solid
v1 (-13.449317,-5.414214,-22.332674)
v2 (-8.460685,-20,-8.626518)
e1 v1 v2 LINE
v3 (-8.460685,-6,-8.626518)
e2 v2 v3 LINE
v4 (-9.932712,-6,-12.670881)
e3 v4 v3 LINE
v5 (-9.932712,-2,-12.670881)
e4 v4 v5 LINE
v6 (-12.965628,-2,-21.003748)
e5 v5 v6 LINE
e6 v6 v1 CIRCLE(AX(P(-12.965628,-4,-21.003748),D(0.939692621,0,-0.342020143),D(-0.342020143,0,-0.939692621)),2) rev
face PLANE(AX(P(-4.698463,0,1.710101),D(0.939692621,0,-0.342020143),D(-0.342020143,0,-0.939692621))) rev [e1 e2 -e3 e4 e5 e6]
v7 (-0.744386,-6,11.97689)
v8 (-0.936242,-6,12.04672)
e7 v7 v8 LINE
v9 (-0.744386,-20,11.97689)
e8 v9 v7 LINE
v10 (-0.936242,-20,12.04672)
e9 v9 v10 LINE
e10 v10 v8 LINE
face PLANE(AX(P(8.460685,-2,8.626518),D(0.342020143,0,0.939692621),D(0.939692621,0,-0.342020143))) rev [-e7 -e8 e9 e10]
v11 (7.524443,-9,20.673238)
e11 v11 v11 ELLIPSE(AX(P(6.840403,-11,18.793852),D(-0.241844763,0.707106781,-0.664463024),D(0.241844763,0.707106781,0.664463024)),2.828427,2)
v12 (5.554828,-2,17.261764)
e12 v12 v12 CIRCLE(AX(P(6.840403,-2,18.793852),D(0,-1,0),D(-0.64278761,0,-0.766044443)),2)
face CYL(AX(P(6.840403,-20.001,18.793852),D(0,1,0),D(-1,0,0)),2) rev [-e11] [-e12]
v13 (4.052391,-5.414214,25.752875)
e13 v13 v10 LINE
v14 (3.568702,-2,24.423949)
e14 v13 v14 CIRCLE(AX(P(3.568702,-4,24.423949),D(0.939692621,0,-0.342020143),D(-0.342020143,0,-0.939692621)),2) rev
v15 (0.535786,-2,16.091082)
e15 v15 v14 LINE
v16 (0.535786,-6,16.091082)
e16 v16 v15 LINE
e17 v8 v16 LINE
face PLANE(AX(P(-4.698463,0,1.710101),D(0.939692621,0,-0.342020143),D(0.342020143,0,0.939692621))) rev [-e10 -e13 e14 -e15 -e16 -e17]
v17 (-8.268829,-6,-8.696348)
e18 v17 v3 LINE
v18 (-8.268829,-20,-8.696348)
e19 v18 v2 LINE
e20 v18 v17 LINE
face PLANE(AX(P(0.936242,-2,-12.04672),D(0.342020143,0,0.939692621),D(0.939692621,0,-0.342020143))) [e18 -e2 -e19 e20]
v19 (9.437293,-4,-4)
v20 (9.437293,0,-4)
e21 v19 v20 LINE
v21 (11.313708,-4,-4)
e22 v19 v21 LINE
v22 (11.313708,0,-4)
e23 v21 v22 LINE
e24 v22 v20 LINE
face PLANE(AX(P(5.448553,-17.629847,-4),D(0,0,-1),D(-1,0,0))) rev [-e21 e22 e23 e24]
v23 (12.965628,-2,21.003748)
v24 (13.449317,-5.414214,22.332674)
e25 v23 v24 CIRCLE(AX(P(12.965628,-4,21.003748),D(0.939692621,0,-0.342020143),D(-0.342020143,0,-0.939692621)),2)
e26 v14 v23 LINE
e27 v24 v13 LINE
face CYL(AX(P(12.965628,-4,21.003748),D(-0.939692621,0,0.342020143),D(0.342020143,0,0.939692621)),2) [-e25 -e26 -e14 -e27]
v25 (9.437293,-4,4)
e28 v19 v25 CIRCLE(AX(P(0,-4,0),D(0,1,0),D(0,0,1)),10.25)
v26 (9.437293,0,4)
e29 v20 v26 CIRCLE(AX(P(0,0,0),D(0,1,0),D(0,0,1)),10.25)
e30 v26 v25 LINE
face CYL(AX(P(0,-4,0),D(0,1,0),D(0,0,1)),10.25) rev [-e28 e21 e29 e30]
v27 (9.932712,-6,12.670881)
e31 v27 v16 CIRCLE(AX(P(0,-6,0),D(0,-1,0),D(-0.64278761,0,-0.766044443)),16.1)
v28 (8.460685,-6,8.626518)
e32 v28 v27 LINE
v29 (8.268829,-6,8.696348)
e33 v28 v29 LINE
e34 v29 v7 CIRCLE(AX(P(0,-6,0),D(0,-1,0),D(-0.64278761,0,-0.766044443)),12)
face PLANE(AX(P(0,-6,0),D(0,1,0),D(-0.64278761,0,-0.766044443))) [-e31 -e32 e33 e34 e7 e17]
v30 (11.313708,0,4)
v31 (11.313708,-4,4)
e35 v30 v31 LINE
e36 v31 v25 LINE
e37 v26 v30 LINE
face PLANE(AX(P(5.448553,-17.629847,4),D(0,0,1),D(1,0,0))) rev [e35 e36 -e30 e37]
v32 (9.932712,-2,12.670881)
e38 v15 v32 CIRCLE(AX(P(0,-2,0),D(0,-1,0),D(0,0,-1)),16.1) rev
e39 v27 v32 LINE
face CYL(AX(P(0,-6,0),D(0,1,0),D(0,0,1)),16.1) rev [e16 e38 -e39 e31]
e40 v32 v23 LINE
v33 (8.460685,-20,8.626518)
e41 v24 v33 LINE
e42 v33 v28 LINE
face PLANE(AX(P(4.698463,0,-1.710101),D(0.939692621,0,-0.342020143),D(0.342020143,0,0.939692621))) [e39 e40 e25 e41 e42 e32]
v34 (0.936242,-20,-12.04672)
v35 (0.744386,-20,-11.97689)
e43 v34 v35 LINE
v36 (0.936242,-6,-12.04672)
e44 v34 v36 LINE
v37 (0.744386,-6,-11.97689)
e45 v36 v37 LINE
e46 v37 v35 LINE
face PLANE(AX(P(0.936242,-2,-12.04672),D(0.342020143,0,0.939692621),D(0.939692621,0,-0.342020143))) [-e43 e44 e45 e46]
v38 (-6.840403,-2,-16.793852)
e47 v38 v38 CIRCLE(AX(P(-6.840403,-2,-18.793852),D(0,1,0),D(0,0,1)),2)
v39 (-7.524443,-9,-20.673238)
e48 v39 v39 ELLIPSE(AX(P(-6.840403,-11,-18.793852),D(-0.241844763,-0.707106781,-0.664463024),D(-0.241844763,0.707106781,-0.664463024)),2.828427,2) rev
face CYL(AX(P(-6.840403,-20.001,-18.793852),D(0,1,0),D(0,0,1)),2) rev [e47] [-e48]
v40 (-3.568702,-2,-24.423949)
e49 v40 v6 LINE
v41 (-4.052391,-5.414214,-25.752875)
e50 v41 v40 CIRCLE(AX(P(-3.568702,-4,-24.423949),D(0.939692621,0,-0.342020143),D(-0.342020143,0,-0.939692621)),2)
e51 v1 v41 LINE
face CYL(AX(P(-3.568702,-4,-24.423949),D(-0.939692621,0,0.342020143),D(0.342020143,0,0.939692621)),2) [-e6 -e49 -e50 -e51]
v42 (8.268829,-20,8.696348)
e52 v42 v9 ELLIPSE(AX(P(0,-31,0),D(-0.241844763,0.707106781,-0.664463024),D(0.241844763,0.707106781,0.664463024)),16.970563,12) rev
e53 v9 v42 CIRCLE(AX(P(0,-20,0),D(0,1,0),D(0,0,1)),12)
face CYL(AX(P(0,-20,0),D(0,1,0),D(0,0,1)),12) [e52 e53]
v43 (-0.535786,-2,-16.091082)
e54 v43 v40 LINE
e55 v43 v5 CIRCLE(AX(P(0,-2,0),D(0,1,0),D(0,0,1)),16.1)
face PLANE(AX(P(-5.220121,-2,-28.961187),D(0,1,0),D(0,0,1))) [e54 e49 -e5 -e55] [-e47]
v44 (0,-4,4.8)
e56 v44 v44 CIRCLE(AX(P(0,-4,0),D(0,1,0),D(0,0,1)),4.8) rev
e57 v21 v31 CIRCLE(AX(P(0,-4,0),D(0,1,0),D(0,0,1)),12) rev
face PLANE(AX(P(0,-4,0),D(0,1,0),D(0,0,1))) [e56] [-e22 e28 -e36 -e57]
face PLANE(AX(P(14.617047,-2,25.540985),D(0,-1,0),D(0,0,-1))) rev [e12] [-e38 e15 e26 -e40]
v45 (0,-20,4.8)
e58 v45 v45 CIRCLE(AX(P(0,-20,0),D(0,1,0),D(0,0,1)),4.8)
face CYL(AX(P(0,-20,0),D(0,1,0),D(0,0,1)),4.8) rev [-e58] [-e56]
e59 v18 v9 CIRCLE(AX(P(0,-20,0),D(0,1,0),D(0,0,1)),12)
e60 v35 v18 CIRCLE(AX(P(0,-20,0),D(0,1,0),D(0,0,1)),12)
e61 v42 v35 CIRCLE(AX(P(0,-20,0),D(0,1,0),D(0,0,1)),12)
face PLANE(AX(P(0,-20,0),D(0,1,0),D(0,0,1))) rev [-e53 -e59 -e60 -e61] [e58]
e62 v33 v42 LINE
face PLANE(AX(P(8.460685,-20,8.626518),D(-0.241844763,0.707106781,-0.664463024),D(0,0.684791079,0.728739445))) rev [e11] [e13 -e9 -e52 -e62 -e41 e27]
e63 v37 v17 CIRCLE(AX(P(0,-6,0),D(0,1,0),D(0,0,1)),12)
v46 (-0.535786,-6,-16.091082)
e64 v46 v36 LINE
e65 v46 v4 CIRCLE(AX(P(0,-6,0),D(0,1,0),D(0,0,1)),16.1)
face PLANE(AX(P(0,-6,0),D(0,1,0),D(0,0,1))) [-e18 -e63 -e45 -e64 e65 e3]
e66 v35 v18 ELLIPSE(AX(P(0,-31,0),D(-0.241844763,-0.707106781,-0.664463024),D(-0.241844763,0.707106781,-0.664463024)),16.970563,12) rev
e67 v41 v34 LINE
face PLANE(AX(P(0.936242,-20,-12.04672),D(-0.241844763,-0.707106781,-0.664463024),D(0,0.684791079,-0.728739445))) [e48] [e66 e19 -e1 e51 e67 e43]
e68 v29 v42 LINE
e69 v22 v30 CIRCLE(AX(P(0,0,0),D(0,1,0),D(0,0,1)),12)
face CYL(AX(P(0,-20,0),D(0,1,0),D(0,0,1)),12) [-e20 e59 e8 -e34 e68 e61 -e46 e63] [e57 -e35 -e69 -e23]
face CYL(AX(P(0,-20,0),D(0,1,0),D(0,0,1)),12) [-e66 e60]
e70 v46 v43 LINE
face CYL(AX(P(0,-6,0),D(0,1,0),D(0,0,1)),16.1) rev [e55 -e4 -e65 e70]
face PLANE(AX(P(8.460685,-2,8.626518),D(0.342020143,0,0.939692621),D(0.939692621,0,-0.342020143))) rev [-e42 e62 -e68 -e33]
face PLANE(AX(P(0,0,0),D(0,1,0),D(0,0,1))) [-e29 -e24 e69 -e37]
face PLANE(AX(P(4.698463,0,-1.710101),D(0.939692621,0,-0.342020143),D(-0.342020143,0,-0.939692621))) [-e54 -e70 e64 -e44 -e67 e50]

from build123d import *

# Parameters (mm, degrees)
SKETCH1_R            = 12
SKETCH1_R_2          = 4.8
BOSS_EXTRUDE2_DEPTH  = 20
SKETCH1_3_R          = 4.8
CUT_EXTRUDE2_DEPTH   = 27.229754097
SKETCH3_R            = 10.25
CUT_EXTRUDE3_DEPTH   = 4
SKETCH5_W            = 11.035067707
SKETCH5_H            = 8
CUT_EXTRUDE5_DEPTH   = 4
BOSS_EXTRUDE3_DEPTH  = 5
SKETCH7_R            = 16.1
SKETCH7_R_2          = 12
CUT_EXTRUDE6_DEPTH   = 6
CUT_EXTRUDE7_REACH   = 39.1
SKETCH9_R            = 2
FILLET1_R            = 2
FILLET1_OF_MIRROR1_R = 2


with BuildPart() as part:
    # Sketch1 → Boss-Extrude2 (new body)
    # profile 1 of 2: a face of its own
    with BuildSketch(Plane(origin=(0, 0, 0), x_dir=(1, 0, 0), z_dir=(0, 1, 0))):
        with Locations(Location((0, 0, 0), (0, 0, 270))):
            Circle(SKETCH1_R)
        Circle(SKETCH1_R_2, mode=Mode.SUBTRACT)
    # profile 2 of 2: a face of its own
    with BuildSketch(Plane(origin=(0, 0, 0), x_dir=(1, 0, 0), z_dir=(0, 1, 0))):
        Circle(SKETCH1_R_2)
    extrude(amount=-BOSS_EXTRUDE2_DEPTH)

    # Sketch1<3> → Cut-Extrude2 (cut, through all)
    with BuildSketch(Plane(origin=(0, 0, 0), x_dir=(1, 0, 0), z_dir=(0, 1, 0))):
        with Locations(Location((0, 0, 0), (0, 0, 270))):
            Circle(SKETCH1_3_R)
    extrude(amount=-CUT_EXTRUDE2_DEPTH, mode=Mode.SUBTRACT)

    # Sketch3 → Cut-Extrude3 (cut)
    with BuildSketch(Plane(origin=(0, 0, 0), x_dir=(1, 0, 0), z_dir=(0, 1, 0))):
        with Locations(Location((0, 0, 0), (0, 0, 270))):
            Circle(SKETCH3_R)
    extrude(amount=-CUT_EXTRUDE3_DEPTH, mode=Mode.SUBTRACT)

    # Sketch5 → Cut-Extrude5 (cut)
    with BuildSketch(Plane(origin=(0, 0, 0), x_dir=(1, 0, 0), z_dir=(0, 1, 0))):
        with Locations((10.966087066, 0)):
            Rectangle(SKETCH5_W, SKETCH5_H)
    extrude(amount=-CUT_EXTRUDE5_DEPTH, mode=Mode.SUBTRACT)

    # Sketch6 → Boss-Extrude3 (add, symmetric)
    with BuildSketch(Plane(origin=(0, 0, 0), x_dir=(0, -1, 0), z_dir=(-0.9396926207859094, 0, 0.34202014332566616))):
        Polygon((2, -11), (20, -11), (2, -29), align=None)
    boss_extrude3 = extrude(amount=BOSS_EXTRUDE3_DEPTH, both=True)

    # Sketch7 → Cut-Extrude6 (cut)
    with BuildSketch(Plane(origin=(0, 0, 0), x_dir=(1, 0, 0), z_dir=(0, 1, 0))):
        Circle(SKETCH7_R)
        with Locations(Location((0, 0, 0), (0, 0, 340.528779366))):
            Circle(SKETCH7_R_2, mode=Mode.SUBTRACT)
    cut_extrude6 = extrude(amount=-CUT_EXTRUDE6_DEPTH, mode=Mode.SUBTRACT)

    # Cut-Extrude7: up to this plane
    cut_extrude7_end = Plane(origin=(0.936241527, -20, -12.046719545), z_dir=(-0.2418447626479747, -0.7071067811865439, -0.664463024388679))
    # Sketch9 → Cut-Extrude7 (cut, up to the surface)
    with BuildSketch(Plane(origin=(0, -2, 0), x_dir=(1, 0, 0), z_dir=(0, 1, 0)), mode=Mode.PRIVATE) as cut_extrude7_sk1:
        with Locations(Location((-6.840402867, 18.793852416, 0), (0, 0, 270))):
            Circle(SKETCH9_R)
    cut_extrude7_tool1 = split(extrude(cut_extrude7_sk1.sketch, amount=-CUT_EXTRUDE7_REACH, mode=Mode.PRIVATE), bisect_by=cut_extrude7_end, keep=Keep.BOTH, mode=Mode.PRIVATE)
    cut_extrude7 = cut_extrude7_tool1.solids().sort_by_distance((-6.840403, -2, -18.793852))[0]
    add(cut_extrude7, mode=Mode.SUBTRACT)

    # Fillet1
    fillet1_edges = [part.edges().sort_by_distance(p)[0] for p in [
        (-9.918584156, -2, -27.251086003),
    ]]
    fillet(fillet1_edges, radius=FILLET1_R)

    # Mirror1: Boss-Extrude3, Cut-Extrude6, Cut-Extrude7 across plane
    add(boss_extrude3.mirror(Plane(origin=(0, 0, 0), x_dir=(0.9396926207859094, 0, -0.3420201433256661), z_dir=(-0.3420201433256661, 0, -0.9396926207859093))))
    add(cut_extrude6.mirror(Plane(origin=(0, 0, 0), x_dir=(0.9396926207859094, 0, -0.3420201433256661), z_dir=(-0.3420201433256661, 0, -0.9396926207859093))), mode=Mode.SUBTRACT)
    add(cut_extrude7.mirror(Plane(origin=(0, 0, 0), x_dir=(0.9396926207859094, 0, -0.3420201433256661), z_dir=(-0.3420201433256661, 0, -0.9396926207859093))), mode=Mode.SUBTRACT)

    # Fillet1 of Mirror1
    fillet1_of_mirror1_edges = [part.edges().sort_by_distance(p)[0] for p in [
        (9.918584156, -2, 27.251086003),
    ]]
    fillet(fillet1_of_mirror1_edges, radius=FILLET1_OF_MIRROR1_R)


solid = part.part
